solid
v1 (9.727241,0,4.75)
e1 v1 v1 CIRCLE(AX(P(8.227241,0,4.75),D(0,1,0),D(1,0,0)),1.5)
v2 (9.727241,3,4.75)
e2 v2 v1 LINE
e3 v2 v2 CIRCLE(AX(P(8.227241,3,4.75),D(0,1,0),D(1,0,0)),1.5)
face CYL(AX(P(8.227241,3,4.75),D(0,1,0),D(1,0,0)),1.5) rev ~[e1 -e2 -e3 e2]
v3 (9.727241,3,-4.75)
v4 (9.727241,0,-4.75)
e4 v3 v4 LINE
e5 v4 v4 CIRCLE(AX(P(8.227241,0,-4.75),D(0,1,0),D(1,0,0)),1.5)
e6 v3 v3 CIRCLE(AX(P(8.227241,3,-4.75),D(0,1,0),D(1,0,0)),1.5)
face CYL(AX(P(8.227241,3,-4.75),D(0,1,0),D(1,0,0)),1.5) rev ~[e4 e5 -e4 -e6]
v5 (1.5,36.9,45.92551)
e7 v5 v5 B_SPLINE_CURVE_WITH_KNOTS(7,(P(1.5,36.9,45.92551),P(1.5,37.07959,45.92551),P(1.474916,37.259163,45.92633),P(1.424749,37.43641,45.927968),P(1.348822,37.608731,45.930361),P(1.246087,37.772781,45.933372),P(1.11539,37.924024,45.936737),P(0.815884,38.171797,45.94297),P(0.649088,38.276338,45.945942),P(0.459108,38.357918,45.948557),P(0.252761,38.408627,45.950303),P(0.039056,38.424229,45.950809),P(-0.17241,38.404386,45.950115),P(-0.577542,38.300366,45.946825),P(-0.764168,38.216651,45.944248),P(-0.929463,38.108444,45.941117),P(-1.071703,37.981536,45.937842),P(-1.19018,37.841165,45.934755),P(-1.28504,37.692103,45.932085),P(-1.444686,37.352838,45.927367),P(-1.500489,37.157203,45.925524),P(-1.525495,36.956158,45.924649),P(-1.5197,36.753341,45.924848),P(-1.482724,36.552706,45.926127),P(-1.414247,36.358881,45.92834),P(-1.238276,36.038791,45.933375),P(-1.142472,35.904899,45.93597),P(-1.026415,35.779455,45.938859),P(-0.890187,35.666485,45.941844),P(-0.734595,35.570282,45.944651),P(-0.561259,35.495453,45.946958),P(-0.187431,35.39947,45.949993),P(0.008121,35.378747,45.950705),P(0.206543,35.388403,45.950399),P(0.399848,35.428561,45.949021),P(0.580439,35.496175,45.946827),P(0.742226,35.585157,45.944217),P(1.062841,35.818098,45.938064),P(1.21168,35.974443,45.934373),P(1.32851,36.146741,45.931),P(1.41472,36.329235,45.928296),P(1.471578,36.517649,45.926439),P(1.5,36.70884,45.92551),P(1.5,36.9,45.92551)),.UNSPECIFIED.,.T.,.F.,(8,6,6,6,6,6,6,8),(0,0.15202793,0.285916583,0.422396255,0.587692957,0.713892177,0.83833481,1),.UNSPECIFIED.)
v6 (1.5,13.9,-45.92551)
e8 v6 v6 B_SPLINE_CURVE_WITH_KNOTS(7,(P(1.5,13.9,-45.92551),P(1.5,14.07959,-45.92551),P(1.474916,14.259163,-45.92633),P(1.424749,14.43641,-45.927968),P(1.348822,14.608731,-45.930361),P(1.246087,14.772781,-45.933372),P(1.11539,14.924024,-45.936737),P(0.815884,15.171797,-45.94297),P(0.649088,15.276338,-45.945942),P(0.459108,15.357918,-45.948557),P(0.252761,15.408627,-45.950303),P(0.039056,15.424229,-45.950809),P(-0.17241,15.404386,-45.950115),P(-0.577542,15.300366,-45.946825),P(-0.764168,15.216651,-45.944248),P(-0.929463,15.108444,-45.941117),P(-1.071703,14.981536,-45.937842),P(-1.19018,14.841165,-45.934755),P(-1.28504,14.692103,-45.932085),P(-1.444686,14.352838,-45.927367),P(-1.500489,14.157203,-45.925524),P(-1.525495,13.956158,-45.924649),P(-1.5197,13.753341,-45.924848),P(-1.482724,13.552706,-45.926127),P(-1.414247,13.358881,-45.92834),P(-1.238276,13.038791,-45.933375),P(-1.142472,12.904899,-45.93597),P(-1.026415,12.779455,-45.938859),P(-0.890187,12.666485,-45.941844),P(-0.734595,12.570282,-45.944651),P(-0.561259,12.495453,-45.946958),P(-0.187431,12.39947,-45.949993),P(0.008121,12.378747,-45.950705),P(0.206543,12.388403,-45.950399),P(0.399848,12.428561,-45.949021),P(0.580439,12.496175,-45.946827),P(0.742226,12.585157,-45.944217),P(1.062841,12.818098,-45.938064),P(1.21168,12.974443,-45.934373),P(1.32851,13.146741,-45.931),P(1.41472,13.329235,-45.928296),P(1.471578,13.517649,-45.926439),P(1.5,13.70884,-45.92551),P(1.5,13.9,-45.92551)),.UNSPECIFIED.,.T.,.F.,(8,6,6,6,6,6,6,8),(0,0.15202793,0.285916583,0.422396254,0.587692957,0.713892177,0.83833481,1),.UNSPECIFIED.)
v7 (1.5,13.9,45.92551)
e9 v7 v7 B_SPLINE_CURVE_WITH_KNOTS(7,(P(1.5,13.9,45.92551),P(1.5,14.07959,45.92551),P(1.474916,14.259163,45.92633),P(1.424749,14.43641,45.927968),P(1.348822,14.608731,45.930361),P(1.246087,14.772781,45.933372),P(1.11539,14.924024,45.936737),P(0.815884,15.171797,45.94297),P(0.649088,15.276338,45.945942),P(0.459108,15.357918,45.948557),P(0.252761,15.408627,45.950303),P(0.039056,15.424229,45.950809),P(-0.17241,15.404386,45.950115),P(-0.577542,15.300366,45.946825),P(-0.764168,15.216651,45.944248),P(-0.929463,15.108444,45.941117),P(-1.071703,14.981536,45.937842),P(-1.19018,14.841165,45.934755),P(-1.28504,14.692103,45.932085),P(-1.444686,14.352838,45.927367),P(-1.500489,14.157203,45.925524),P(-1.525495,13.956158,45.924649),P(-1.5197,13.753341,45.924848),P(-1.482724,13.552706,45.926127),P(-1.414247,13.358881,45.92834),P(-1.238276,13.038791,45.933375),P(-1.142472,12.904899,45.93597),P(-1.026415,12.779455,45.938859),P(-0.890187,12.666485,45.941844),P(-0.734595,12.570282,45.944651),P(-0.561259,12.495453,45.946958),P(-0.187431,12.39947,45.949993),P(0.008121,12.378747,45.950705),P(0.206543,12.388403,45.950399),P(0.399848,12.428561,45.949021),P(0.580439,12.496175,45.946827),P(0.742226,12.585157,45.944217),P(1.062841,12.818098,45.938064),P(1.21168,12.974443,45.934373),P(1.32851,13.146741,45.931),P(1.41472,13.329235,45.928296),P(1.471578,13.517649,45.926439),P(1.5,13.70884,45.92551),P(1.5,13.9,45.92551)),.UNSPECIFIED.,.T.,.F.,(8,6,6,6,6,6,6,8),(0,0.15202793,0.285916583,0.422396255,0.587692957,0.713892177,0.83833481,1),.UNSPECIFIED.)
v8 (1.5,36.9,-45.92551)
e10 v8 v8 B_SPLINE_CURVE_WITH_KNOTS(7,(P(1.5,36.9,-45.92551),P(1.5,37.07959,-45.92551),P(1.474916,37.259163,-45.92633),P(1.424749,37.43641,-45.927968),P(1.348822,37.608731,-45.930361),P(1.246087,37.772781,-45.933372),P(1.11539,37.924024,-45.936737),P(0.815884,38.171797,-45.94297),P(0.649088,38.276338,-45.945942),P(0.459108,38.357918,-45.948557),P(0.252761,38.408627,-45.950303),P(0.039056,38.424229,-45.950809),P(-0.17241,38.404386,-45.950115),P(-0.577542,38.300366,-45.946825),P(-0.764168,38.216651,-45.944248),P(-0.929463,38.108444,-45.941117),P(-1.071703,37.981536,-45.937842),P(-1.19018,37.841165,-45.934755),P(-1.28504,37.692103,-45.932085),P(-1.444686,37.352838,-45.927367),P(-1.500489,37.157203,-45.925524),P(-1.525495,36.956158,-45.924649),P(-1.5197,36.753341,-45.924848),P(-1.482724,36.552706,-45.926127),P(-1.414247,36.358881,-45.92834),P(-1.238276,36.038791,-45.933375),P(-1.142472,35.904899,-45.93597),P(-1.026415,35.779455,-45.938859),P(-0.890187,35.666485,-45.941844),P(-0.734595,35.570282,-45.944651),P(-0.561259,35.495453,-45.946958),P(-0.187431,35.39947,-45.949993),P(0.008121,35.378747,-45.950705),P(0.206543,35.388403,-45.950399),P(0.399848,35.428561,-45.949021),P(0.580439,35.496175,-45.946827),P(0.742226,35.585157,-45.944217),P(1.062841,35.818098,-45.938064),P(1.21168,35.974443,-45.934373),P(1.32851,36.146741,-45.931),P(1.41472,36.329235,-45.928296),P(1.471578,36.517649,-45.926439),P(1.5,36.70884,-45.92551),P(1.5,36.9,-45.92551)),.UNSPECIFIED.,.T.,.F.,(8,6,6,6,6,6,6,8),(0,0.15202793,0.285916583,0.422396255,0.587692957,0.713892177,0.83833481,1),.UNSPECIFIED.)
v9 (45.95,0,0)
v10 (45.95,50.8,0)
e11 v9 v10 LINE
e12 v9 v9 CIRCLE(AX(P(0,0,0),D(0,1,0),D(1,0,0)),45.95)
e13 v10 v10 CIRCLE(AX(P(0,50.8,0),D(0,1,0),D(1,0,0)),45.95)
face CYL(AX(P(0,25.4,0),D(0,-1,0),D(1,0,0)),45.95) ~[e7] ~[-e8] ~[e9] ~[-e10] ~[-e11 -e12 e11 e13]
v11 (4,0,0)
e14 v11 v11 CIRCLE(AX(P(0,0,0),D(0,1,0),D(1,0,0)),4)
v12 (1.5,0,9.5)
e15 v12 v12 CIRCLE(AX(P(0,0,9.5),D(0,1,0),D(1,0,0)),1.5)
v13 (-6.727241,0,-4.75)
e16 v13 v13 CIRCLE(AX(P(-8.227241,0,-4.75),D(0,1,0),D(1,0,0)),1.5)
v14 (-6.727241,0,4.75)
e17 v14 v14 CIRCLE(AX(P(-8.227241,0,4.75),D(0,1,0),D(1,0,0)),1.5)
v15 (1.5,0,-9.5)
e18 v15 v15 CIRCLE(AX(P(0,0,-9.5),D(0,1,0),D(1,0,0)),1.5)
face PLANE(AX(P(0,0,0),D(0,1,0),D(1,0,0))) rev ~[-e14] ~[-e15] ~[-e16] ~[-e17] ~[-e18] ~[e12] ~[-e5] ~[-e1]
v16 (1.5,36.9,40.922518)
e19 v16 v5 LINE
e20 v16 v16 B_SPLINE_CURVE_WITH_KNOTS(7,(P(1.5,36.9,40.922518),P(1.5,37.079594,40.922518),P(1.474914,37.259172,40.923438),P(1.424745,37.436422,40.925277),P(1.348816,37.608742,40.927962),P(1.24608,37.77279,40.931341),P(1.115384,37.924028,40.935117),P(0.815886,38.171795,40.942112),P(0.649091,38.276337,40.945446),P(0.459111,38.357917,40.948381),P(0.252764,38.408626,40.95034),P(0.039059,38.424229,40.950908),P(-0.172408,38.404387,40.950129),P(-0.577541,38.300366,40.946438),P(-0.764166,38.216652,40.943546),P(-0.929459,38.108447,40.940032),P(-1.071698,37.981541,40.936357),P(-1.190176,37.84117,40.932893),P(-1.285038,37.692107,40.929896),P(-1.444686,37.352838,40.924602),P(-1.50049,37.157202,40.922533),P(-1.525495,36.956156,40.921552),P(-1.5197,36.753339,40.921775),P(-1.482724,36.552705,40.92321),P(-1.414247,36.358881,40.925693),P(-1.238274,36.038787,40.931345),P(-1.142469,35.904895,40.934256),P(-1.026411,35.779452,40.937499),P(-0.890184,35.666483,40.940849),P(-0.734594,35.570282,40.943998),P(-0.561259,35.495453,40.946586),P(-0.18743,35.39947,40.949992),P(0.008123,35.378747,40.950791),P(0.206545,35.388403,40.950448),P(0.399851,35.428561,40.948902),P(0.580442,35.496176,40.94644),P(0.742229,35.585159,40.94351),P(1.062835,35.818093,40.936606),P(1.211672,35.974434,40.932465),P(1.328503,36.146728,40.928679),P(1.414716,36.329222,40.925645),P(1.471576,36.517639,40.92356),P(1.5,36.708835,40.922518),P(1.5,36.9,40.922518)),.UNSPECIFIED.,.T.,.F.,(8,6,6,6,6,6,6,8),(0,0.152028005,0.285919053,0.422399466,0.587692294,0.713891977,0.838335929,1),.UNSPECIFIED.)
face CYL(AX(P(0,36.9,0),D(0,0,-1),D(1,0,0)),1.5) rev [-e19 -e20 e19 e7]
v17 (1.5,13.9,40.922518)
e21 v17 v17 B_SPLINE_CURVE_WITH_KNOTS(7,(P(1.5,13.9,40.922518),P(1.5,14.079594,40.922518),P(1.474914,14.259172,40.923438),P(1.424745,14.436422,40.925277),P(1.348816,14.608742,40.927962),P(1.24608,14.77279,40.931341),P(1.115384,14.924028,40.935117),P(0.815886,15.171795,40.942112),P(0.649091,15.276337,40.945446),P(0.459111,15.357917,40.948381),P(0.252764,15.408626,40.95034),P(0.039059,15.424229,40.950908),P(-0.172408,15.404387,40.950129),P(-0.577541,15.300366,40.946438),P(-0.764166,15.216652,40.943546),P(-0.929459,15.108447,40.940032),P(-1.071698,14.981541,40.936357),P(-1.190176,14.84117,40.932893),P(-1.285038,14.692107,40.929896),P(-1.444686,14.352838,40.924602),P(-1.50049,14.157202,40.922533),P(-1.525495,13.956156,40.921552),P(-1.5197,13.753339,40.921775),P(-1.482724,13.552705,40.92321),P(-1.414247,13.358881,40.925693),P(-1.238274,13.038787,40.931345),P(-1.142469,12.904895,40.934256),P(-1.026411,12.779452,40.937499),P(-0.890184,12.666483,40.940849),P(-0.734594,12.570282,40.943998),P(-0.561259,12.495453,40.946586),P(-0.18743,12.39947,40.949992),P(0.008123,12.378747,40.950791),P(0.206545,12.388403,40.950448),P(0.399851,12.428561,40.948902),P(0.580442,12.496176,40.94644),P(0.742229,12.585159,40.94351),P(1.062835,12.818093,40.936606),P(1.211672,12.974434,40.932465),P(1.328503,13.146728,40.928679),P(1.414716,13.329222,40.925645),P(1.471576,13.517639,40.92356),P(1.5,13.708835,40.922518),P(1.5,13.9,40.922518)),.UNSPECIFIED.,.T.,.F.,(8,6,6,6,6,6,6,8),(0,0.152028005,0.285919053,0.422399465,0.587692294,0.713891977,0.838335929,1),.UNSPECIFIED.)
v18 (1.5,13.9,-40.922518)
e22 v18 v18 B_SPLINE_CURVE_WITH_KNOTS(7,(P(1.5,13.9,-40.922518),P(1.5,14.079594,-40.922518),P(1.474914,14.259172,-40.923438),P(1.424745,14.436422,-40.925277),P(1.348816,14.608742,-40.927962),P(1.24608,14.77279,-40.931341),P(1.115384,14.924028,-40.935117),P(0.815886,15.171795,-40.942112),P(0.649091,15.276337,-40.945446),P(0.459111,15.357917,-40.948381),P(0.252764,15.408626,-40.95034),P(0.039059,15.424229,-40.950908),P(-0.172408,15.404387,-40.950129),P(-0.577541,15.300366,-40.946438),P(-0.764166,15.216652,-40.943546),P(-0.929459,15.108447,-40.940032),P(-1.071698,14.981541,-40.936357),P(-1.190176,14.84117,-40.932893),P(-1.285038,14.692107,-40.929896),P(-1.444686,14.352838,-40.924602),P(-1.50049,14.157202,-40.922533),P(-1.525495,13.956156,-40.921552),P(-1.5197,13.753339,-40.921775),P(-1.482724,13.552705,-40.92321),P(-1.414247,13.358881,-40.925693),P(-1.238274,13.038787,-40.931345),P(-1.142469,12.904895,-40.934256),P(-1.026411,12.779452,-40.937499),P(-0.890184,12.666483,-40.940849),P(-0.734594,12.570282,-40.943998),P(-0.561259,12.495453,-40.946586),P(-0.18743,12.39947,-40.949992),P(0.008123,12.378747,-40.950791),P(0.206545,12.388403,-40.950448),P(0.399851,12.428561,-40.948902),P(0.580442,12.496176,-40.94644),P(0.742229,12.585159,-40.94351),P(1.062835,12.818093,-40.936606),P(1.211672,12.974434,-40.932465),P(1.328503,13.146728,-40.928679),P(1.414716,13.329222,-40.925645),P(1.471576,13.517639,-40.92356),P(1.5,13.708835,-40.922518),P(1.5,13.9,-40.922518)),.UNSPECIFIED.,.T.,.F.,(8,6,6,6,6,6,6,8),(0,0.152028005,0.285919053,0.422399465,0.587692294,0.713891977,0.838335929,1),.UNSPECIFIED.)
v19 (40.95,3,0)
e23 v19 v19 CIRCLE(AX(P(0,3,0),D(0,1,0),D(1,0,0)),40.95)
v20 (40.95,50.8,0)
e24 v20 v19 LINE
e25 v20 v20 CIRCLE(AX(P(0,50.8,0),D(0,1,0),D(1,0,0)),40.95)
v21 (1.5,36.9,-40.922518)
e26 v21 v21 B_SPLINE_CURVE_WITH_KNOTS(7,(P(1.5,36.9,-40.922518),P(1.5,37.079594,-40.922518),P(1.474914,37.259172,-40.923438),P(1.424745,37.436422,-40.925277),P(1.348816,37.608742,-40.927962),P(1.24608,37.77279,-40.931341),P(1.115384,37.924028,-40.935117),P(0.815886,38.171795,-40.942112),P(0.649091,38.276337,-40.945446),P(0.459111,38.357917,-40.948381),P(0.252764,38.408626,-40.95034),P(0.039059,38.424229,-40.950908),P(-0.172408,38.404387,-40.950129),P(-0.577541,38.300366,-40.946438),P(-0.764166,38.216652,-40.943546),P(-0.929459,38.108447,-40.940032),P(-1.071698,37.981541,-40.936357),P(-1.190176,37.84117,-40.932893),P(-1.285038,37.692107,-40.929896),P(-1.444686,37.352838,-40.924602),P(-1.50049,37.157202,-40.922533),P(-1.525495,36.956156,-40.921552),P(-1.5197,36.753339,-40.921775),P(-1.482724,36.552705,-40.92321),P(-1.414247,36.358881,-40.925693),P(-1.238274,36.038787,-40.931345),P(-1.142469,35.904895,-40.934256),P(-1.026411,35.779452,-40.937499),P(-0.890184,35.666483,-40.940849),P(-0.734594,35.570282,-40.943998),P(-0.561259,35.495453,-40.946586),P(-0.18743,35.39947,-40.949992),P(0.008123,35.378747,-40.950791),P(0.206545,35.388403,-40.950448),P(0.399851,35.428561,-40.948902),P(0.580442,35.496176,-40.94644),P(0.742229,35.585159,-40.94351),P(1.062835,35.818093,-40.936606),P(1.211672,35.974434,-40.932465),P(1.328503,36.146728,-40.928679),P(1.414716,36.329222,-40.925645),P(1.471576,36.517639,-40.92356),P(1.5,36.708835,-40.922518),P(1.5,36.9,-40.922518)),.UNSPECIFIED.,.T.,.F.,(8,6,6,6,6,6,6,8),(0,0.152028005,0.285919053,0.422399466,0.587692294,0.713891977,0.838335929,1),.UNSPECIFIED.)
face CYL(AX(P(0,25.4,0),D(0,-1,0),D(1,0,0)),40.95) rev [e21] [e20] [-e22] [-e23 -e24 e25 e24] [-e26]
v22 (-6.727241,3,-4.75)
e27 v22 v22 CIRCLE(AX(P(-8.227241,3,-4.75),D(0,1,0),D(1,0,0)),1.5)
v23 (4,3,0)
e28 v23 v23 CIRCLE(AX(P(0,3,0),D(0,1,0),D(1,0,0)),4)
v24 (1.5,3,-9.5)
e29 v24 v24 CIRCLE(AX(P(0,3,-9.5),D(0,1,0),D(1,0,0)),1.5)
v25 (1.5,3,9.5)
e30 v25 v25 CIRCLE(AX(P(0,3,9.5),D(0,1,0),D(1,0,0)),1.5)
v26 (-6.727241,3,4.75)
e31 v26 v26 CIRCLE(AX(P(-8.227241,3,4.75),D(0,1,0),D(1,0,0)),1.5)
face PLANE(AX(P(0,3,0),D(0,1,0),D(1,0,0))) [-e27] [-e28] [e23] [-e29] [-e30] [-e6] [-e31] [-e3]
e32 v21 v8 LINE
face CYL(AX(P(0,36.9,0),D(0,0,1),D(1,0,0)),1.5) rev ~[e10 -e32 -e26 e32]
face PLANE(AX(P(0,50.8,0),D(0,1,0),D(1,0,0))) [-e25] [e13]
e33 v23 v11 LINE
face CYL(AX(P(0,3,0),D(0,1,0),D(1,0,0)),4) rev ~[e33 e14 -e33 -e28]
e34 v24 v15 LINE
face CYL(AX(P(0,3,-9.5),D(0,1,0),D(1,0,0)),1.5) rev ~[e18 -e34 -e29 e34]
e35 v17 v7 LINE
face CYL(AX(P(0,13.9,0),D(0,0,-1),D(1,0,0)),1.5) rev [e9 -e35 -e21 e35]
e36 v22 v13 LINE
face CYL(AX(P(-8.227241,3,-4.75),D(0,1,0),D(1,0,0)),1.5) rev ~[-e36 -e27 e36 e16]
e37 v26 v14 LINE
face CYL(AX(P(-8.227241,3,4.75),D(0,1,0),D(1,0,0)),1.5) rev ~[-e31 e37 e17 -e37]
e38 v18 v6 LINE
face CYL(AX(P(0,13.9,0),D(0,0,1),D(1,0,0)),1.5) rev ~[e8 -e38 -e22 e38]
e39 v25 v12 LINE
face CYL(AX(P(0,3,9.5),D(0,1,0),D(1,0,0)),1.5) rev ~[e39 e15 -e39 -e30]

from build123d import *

# Parameters (mm, degrees)
SKETCH1_R               = 45.95
BOSS_EXTRUDE1_DEPTH     = 3
SKETCH2_R               = 45.95
SKETCH2_R_2             = 40.95
BOSS_EXTRUDE2_DEPTH     = 22.4
SKETCH11_R              = 1.5
CUT_EXTRUDE1_DEPTH      = 46.95
CUT_EXTRUDE1_DEPTH_BACK = 46.95
SKETCH12_R              = 45.95
SKETCH12_R_2            = 40.95
BOSS_EXTRUDE3_DEPTH     = 25.4
SKETCH14_R              = 1.5
CUT_EXTRUDE2_DEPTH      = 46.95000011
CUT_EXTRUDE2_DEPTH_BACK = 46.95000011
SKETCH17_R              = 1.5
CUT_EXTRUDE4_DEPTH      = 10
SKETCH15_R              = 4
CUT_EXTRUDE6_DEPTH      = 10


with BuildPart() as part:
    # Sketch1 → Boss-Extrude1 (new body)
    with BuildSketch(Plane(origin=(0, 0, 0), x_dir=(1, 0, 0), z_dir=(0, 1, 0))):
        Circle(SKETCH1_R)
    extrude(amount=BOSS_EXTRUDE1_DEPTH)

    # Sketch2 → Boss-Extrude2 (add)
    with BuildSketch(Plane(origin=(0, 3, 0), x_dir=(1, 0, 0), z_dir=(0, 1, 0))):
        Circle(SKETCH2_R)
        Circle(SKETCH2_R_2, mode=Mode.SUBTRACT)
    extrude(amount=BOSS_EXTRUDE2_DEPTH)

    # Sketch11 → Cut-Extrude1 (cut, two sides)
    with BuildSketch(Plane.XY) as cut_extrude1_sk:
        with Locations((0, 13.9)):
            Circle(SKETCH11_R)
        with Locations((0, -13.9)):
            Circle(SKETCH11_R)
    extrude(amount=CUT_EXTRUDE1_DEPTH, mode=Mode.SUBTRACT)
    extrude(cut_extrude1_sk.sketch, amount=-CUT_EXTRUDE1_DEPTH_BACK, mode=Mode.SUBTRACT)

    # Sketch12 → Boss-Extrude3 (add)
    with BuildSketch(Plane(origin=(0, 25.4, 0), x_dir=(1, 0, 0), z_dir=(0, 1, 0))):
        Circle(SKETCH12_R)
        Circle(SKETCH12_R_2, mode=Mode.SUBTRACT)
    extrude(amount=BOSS_EXTRUDE3_DEPTH)

    # Sketch14 → Cut-Extrude2 (cut, two sides)
    with BuildSketch(Plane.XY) as cut_extrude2_sk:
        with Locations((0, 36.9)):
            Circle(SKETCH14_R)
    extrude(amount=CUT_EXTRUDE2_DEPTH, mode=Mode.SUBTRACT)
    extrude(cut_extrude2_sk.sketch, amount=-CUT_EXTRUDE2_DEPTH_BACK, mode=Mode.SUBTRACT)

    # Sketch17 → Cut-Extrude4 (cut)
    with BuildSketch(Plane(origin=(0, 3, 0), x_dir=(1, 0, 0), z_dir=(0, 1, 0))):
        with Locations((0, 9.5)):
            Circle(SKETCH17_R)
        with Locations((8.227241336, 4.75)):
            Circle(SKETCH17_R)
        with Locations((8.227241336, -4.75)):
            Circle(SKETCH17_R)
        with Locations((0, -9.5)):
            Circle(SKETCH17_R)
        with Locations((-8.227241336, -4.75)):
            Circle(SKETCH17_R)
        with Locations((-8.227241336, 4.75)):
            Circle(SKETCH17_R)
    extrude(amount=-CUT_EXTRUDE4_DEPTH, mode=Mode.SUBTRACT)

    # Sketch15 → Cut-Extrude6 (cut)
    with BuildSketch(Plane(origin=(0, 3, 0), x_dir=(1, 0, 0), z_dir=(0, 1, 0))):
        Circle(SKETCH15_R)
    extrude(amount=-CUT_EXTRUDE6_DEPTH, mode=Mode.SUBTRACT)


solid = part.part
